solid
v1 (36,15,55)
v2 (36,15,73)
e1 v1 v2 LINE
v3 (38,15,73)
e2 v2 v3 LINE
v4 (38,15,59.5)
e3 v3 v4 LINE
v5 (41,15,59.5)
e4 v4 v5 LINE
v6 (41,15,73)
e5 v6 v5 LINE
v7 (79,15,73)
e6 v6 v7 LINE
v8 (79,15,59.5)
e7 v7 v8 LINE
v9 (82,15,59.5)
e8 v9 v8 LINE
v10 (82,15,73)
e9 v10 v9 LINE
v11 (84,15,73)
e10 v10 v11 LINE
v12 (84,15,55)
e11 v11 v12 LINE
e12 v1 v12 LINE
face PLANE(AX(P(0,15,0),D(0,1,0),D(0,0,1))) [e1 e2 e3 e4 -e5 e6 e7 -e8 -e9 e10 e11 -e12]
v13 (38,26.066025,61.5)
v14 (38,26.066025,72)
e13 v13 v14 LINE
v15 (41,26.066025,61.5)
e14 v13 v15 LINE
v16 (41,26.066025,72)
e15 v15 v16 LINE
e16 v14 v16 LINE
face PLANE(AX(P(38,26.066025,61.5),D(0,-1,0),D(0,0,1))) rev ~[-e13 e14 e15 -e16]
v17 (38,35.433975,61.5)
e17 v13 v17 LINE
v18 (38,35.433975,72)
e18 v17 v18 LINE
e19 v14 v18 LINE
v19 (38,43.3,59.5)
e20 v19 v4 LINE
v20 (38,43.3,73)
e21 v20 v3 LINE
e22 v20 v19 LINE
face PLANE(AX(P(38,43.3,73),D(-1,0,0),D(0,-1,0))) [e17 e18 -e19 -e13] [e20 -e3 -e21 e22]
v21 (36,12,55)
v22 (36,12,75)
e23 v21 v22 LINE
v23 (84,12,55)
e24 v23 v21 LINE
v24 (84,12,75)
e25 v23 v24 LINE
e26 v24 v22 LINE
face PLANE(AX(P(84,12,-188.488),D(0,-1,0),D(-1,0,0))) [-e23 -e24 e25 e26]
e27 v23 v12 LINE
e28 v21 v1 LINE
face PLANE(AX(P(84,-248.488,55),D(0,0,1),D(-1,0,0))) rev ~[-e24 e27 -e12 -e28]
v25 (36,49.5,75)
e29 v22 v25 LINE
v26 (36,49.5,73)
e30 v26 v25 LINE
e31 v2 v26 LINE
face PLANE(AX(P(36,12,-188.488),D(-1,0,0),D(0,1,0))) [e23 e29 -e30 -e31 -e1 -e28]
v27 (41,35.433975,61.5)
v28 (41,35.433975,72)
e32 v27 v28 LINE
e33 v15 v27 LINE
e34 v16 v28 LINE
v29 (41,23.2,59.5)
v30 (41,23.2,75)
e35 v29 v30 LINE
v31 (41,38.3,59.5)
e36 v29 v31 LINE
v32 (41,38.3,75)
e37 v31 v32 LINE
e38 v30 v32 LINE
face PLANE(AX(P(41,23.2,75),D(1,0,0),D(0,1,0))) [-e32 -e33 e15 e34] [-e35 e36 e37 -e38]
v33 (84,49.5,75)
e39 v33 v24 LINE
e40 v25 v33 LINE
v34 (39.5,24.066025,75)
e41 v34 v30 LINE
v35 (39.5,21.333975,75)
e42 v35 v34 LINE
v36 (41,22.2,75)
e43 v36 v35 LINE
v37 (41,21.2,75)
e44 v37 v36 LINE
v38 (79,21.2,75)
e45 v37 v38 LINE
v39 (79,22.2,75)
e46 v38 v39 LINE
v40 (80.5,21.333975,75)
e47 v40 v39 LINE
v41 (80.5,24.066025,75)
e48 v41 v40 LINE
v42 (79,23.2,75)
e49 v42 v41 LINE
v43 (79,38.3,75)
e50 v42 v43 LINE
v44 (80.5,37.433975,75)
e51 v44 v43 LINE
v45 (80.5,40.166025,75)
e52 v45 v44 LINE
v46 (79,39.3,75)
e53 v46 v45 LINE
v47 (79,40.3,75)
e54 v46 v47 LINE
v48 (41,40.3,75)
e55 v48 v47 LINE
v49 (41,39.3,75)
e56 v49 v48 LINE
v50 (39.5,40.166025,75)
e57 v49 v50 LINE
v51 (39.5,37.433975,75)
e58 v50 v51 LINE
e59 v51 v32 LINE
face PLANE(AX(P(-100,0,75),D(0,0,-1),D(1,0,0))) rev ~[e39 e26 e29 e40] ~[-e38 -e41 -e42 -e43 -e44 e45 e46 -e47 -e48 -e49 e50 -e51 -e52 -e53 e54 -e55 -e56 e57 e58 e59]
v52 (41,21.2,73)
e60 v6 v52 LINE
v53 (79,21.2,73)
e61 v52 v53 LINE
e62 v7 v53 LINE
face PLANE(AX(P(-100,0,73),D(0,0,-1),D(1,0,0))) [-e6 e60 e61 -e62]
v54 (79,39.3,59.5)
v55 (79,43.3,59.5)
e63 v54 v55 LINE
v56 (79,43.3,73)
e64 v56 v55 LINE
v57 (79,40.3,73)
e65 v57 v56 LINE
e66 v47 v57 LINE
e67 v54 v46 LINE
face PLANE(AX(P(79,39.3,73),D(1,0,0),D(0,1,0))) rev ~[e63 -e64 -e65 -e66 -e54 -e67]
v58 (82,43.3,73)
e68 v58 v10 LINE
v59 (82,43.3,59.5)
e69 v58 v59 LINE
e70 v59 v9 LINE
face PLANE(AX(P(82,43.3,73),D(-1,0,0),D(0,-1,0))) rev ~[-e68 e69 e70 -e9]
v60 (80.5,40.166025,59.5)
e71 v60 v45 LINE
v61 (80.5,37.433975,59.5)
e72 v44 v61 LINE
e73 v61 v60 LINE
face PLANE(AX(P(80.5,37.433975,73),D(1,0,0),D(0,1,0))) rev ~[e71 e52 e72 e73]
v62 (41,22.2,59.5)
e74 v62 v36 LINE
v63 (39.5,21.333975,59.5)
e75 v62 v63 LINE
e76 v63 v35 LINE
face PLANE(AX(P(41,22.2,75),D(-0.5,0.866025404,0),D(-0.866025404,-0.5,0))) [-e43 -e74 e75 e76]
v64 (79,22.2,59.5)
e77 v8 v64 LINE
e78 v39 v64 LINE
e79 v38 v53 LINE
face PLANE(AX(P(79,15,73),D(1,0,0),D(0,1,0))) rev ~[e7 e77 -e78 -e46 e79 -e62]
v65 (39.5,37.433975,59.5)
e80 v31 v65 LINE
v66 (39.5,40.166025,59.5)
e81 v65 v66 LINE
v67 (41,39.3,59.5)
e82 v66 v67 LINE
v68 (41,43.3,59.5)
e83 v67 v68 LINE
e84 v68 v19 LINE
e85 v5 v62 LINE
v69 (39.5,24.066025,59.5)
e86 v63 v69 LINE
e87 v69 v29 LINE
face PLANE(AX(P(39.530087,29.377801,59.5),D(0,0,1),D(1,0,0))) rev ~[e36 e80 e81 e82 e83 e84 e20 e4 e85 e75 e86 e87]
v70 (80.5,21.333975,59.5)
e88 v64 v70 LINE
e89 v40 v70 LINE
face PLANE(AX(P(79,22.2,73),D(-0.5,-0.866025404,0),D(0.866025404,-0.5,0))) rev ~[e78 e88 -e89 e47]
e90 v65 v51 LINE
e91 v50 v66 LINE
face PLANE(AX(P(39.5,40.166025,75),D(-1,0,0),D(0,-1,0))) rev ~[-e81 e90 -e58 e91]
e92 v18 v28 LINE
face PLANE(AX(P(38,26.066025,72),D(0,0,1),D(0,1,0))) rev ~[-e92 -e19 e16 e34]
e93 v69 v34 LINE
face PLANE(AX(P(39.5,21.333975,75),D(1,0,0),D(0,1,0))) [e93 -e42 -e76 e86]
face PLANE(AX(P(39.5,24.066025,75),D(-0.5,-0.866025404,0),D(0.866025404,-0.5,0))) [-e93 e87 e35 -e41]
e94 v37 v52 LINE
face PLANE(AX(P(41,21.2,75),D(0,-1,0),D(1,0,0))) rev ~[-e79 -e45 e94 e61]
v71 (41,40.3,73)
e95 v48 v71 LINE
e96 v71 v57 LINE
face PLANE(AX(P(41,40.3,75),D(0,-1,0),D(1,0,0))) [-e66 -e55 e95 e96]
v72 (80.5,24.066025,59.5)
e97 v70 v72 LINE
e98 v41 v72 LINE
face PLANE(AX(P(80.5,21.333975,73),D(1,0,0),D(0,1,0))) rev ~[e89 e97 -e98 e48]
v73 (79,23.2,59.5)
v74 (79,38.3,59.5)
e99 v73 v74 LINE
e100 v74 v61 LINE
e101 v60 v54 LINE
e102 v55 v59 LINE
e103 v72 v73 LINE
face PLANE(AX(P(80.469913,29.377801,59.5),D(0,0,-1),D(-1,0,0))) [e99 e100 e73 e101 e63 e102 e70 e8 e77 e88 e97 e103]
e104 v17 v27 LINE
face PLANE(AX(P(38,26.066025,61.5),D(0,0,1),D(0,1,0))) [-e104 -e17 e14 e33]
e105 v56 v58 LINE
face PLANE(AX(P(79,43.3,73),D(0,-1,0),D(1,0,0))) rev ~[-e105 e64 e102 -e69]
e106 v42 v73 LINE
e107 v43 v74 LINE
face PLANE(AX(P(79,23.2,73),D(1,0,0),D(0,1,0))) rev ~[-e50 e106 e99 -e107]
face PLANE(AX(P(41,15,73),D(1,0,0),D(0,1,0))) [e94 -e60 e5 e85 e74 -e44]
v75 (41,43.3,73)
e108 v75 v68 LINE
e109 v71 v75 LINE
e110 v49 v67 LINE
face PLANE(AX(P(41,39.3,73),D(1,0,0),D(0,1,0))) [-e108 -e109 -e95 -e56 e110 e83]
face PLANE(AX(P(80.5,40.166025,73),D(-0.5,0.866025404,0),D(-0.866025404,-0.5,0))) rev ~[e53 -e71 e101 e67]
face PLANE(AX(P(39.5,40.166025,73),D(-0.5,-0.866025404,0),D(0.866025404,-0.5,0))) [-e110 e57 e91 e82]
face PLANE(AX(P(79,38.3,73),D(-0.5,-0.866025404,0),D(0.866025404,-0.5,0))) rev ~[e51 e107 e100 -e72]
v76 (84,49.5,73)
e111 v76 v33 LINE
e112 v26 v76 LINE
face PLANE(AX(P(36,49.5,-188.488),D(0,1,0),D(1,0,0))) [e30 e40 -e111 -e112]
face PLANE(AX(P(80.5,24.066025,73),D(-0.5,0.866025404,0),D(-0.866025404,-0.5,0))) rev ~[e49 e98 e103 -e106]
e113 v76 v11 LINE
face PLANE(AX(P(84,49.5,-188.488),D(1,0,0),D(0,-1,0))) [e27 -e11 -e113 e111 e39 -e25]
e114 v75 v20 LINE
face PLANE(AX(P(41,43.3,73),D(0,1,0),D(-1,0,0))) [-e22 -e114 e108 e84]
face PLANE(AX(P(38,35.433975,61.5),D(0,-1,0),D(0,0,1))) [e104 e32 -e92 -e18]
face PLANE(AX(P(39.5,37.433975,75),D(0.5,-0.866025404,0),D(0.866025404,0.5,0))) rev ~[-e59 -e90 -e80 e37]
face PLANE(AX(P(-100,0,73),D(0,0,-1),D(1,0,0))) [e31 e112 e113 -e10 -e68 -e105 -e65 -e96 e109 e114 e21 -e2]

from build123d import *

# Parameters (mm, degrees)
SKETCH2_W                = 200
SKETCH2_H                = 150
BOSS_EXTRUDE1_DEPTH      = 80
FILLET1_R                = 10
SHELL1_T                 = -2
SHELL1_THICKNESS_2_DEPTH = 13
SKETCH5_W                = 36.5
SKETCH5_H                = 27.5
CUT_EXTRUDE1_DEPTH       = 2
BOSS_EXTRUDE2_DEPTH      = 16
SKETCH7_W                = 36.5
SKETCH7_H                = 27.5
CUT_EXTRUDE2_DEPTH       = 2
BOSS_EXTRUDE3_DEPTH      = 16
SKETCH10_W               = 36.5
SKETCH10_H               = 27.5
CUT_EXTRUDE4_DEPTH       = 2
BOSS_EXTRUDE4_DEPTH      = 16
SKETCH13_W               = 38
SKETCH13_H               = 19.1
CUT_EXTRUDE5_DEPTH       = 2
BOSS_EXTRUDE5_DEPTH      = 13.5
SKETCH15_W               = 10.5
SKETCH15_H               = 9.367949192
CUT_EXTRUDE6_DEPTH       = 3
CUT_EXTRUDE8_REACH       = 150.408
SKETCH20_R               = 8
SPLIT1_SURFACE_1_BACK    = 263.488
SPLIT1_SURFACE_1_DEPTH   = 526.976
SPLIT1_SURFACE_2_BACK    = 263.488
SPLIT1_SURFACE_2_DEPTH   = 526.976
SPLIT2_SURFACE_3_BACK    = 263.488
SPLIT2_SURFACE_3_DEPTH   = 526.976
SPLIT2_SURFACE_4_BACK    = 263.488
SPLIT2_SURFACE_4_DEPTH   = 526.976


with BuildPart() as part:
    # Sketch2 → Boss-Extrude1 (new body)
    with BuildSketch(Plane(origin=(0, 0, 0), x_dir=(1, 0, 0), z_dir=(0, 1, 0))):
        Rectangle(SKETCH2_W, SKETCH2_H)
    extrude(amount=BOSS_EXTRUDE1_DEPTH)

    # Fillet1
    fillet1_edges = [part.edges().sort_by_distance(p)[0] for p in [
        (100, 40, 75),
        (-100, 40, 75),
        (-100, 40, -75),
        (100, 40, -75),
    ]]
    fillet(fillet1_edges, radius=FILLET1_R)

    # Shell1
    shell1_openings = [part.faces().sort_by_distance(p)[0] for p in [
        (0, 80, 0),
    ]]
    offset(amount=SHELL1_T, openings=shell1_openings, kind=Kind.INTERSECTION)

    # Shell1 thickness 2 face (on inner face of the shell) → Shell1 thickness 2 (add)
    with BuildSketch(Plane(origin=(0, 2, 0), x_dir=(0, 0, -1), z_dir=(0, -1, 0))):
        with BuildLine():
            ThreePointArc((73, -90), (70.656854249, -95.656854249), (65, -98))
            Line((65, -98), (-65, -98))
            ThreePointArc((-65, -98), (-70.656854249, -95.656854249), (-73, -90))
            Line((-73, -90), (-73, 90))
            ThreePointArc((-73, 90), (-70.656854249, 95.656854249), (-65, 98))
            Line((-65, 98), (65, 98))
            ThreePointArc((65, 98), (70.656854249, 95.656854249), (73, 90))
            Line((73, 90), (73, -90))
        make_face()
    extrude(amount=-SHELL1_THICKNESS_2_DEPTH)

    # Sketch5 → Cut-Extrude1 (cut)
    with BuildSketch(Plane.XY.offset(75)):
        with Locations((0, 30.75)):
            Rectangle(SKETCH5_W, SKETCH5_H)
        Polygon((-18.25, 43.5), (-19.75, 44.366025404), (-19.75, 41.633974596), (-18.25, 42.5), align=None)
        Polygon((-19.75, 19.866025404), (-18.25, 19), (-18.25, 18), (-19.75, 17.133974596), align=None)
        Polygon((19.75, 17.133974596), (19.75, 19.866025404), (18.25, 19), (18.25, 18), align=None)
        Polygon((19.75, 41.633974596), (18.25, 42.5), (18.25, 43.5), (19.75, 44.366025404), align=None)
    extrude(amount=-CUT_EXTRUDE1_DEPTH, mode=Mode.SUBTRACT)

    # Sketch6 → Boss-Extrude2 (add)
    with BuildSketch(Plane(origin=(0, 0, 73), x_dir=(-1, 0, 0), z_dir=(0, 0, -1))):
        Polygon((18.25, 15), (21.25, 15), (21.25, 47.5), (18.25, 47.5), (18.25, 43.5), (19.75, 44.366025404), (19.75, 41.633974596), (18.25, 42.5), (18.25, 19), (19.75, 19.866025404), (19.75, 17.133974596), (18.25, 18), align=None)
        Polygon((-21.25, 47.5), (-21.25, 15), (-18.25, 15), (-18.25, 18), (-19.75, 17.133974596), (-19.75, 19.866025404), (-18.25, 19), (-18.25, 42.5), (-19.75, 41.633974596), (-19.75, 44.366025404), (-18.25, 43.5), (-18.25, 47.5), align=None)
    extrude(amount=BOSS_EXTRUDE2_DEPTH)

    # Sketch7 → Cut-Extrude2 (cut)
    with BuildSketch(Plane(origin=(100, 0, 0), x_dir=(0, 0, -1), z_dir=(1, 0, 0))):
        with Locations((0, 30.75)):
            Rectangle(SKETCH7_W, SKETCH7_H)
        Polygon((-18.25, 43.5), (-19.75, 44.366025404), (-19.75, 41.633974596), (-18.25, 42.5), align=None)
        Polygon((-19.75, 19.866025404), (-18.25, 19), (-18.25, 18), (-19.75, 17.133974596), align=None)
        Polygon((19.75, 17.133974596), (19.75, 19.866025404), (18.25, 19), (18.25, 18), align=None)
        Polygon((19.75, 41.633974596), (18.25, 42.5), (18.25, 43.5), (19.75, 44.366025404), align=None)
    extrude(amount=-CUT_EXTRUDE2_DEPTH, mode=Mode.SUBTRACT)

    # Sketch8 → Boss-Extrude3 (add)
    with BuildSketch(Plane.ZY.offset(-98)):
        Polygon((-21.25, 47.5), (-18.25, 47.5), (-18.25, 43.5), (-19.75, 44.366025404), (-19.75, 41.633974596), (-18.25, 42.5), (-18.25, 19), (-19.75, 19.866025404), (-19.75, 17.133974596), (-18.25, 18), (-18.25, 15), (-21.25, 15), align=None)
        Polygon((19.75, 44.366025404), (18.25, 43.5), (18.25, 47.5), (21.25, 47.5), (21.25, 15), (18.25, 15), (18.25, 18), (19.75, 17.133974596), (19.75, 19.866025404), (18.25, 19), (18.25, 42.5), (19.75, 41.633974596), align=None)
    extrude(amount=BOSS_EXTRUDE3_DEPTH)

    # Sketch10 → Cut-Extrude4 (cut)
    with BuildSketch(Plane.ZY.offset(100)):
        with Locations((0, 30.75)):
            Rectangle(SKETCH10_W, SKETCH10_H)
        Polygon((-18.25, 43.5), (-19.75, 44.366025404), (-19.75, 41.633974596), (-18.25, 42.5), align=None)
        Polygon((-19.75, 19.866025404), (-18.25, 19), (-18.25, 18), (-19.75, 17.133974596), align=None)
        Polygon((19.75, 17.133974596), (19.75, 19.866025404), (18.25, 19), (18.25, 18), align=None)
        Polygon((19.75, 41.633974596), (18.25, 42.5), (18.25, 43.5), (19.75, 44.366025404), align=None)
    extrude(amount=-CUT_EXTRUDE4_DEPTH, mode=Mode.SUBTRACT)

    # Sketch11 → Boss-Extrude4 (add)
    with BuildSketch(Plane(origin=(-98, 0, 0), x_dir=(0, 0, -1), z_dir=(1, 0, 0))):
        Polygon((-18.25, 47.5), (-21.25, 47.5), (-21.25, 15), (-18.25, 15), (-18.25, 18), (-19.75, 17.133974596), (-19.75, 19.866025404), (-18.25, 19), (-18.25, 42.5), (-19.75, 41.633974596), (-19.75, 44.366025404), (-18.25, 43.5), align=None)
        Polygon((19.75, 44.366025404), (18.25, 43.5), (18.25, 47.5), (21.25, 47.5), (21.25, 15), (18.25, 15), (18.25, 18), (19.75, 17.133974596), (19.75, 19.866025404), (18.25, 19), (18.25, 42.5), (19.75, 41.633974596), align=None)
    extrude(amount=BOSS_EXTRUDE4_DEPTH)

    # Sketch13 → Cut-Extrude5 (cut)
    with BuildSketch(Plane.XY.offset(75)):
        Polygon((41, 39.3), (39.5, 40.166025404), (39.5, 37.433974596), (41, 38.3), align=None)
        with Locations((60, 30.75)):
            Rectangle(SKETCH13_W, SKETCH13_H)
        Polygon((41, 22.2), (39.5, 21.333974596), (39.5, 24.066025404), (41, 23.2), align=None)
        Polygon((79, 22.2), (79, 23.2), (80.5, 24.066025404), (80.5, 21.333974596), align=None)
        Polygon((79, 39.3), (80.5, 40.166025404), (80.5, 37.433974596), (79, 38.3), align=None)
    extrude(amount=-CUT_EXTRUDE5_DEPTH, mode=Mode.SUBTRACT)

    # Sketch14 → Boss-Extrude5 (add)
    with BuildSketch(Plane(origin=(0, 0, 73), x_dir=(-1, 0, 0), z_dir=(0, 0, -1))):
        Polygon((-79, 43.3), (-82, 43.3), (-82, 15), (-79, 15), (-79, 22.2), (-80.5, 21.333974596), (-80.5, 24.066025404), (-79, 23.2), (-79, 38.3), (-80.5, 37.433974596), (-80.5, 40.166025404), (-79, 39.3), align=None)
        Polygon((-39.5, 40.166025404), (-41, 39.3), (-41, 43.3), (-38, 43.3), (-38, 15), (-41, 15), (-41, 22.2), (-39.5, 21.333974596), (-39.5, 24.066025404), (-41, 23.2), (-41, 38.3), (-39.5, 37.433974596), align=None)
    extrude(amount=BOSS_EXTRUDE5_DEPTH)

    # Sketch15 → Cut-Extrude6 (cut)
    with BuildSketch(Plane.ZY.offset(-38)):
        with Locations((66.75, 30.75)):
            Rectangle(SKETCH15_W, SKETCH15_H)
    extrude(amount=-CUT_EXTRUDE6_DEPTH, mode=Mode.SUBTRACT)

    # Sketch18 → Cut-Revolve1 (revolve, cut)
    with BuildSketch(Plane(origin=(0, 0, 0), x_dir=(0, 0, -1), z_dir=(1, 0, 0)), mode=Mode.PRIVATE) as cut_revolve1_sk:
        Polygon((-42.5, 0), (-70, 0), (-47.5, 10), (-42.5, 10), align=None)
    revolve(cut_revolve1_sk.sketch.rotate(Axis((0, 0, 0), (0, 1, 0)), 180), axis=Axis((0, 0, 0), (0, 1, 0)), mode=Mode.SUBTRACT)

    # Cut-Extrude8: up to this face of the body (flat: up to its plane)
    cut_extrude8_end = Plane(part.part.faces().sort_by_distance((-0.172388952, 15, -0.411685035))[0])
    # Sketch20 → Cut-Extrude8 (cut, up to the picked face)
    with BuildSketch(Plane.XZ, mode=Mode.PRIVATE) as cut_extrude8_sk1:
        with Locations(Location((0, -42.5, 0), (0, 0, 270))):
            Circle(SKETCH20_R)
    cut_extrude8_tool1 = split(extrude(cut_extrude8_sk1.sketch, amount=-CUT_EXTRUDE8_REACH, mode=Mode.PRIVATE), bisect_by=cut_extrude8_end, keep=Keep.BOTH, mode=Mode.PRIVATE)
    add(cut_extrude8_tool1.solids().sort_by(Axis((0, 0, -42.5), (0, 1, 0)))[0], mode=Mode.SUBTRACT)


with BuildPart() as body_2:
    # Split1: the piece behind the surface
    add(part.part)
    # Split1 surface: a surface, the sketch's curves swept straight by 526.976 mm
    with BuildLine(Plane.XY.offset(75).offset(-SPLIT1_SURFACE_1_BACK), mode=Mode.PRIVATE) as split1_surface_1_path:
        Line((36, 49.5), (84, 49.5))
        Line((84, 49.5), (84, 12))
        Line((84, 12), (36, 12))
        Line((36, 12), (36, 49.5))
    split1_surface_1 = Shell.extrude(split1_surface_1_path.wire(), (0 * SPLIT1_SURFACE_1_DEPTH, 0 * SPLIT1_SURFACE_1_DEPTH, 1 * SPLIT1_SURFACE_1_DEPTH))
    split(bisect_by=split1_surface_1, keep=Keep.BOTTOM)


with BuildPart() as part_1:
    add(part.part)

    # Split1: split by a surface, the side it looks to stays
    # Split1 surface: a surface, the sketch's curves swept straight by 526.976 mm
    with BuildLine(Plane.XY.offset(75).offset(-SPLIT1_SURFACE_2_BACK), mode=Mode.PRIVATE) as split1_surface_2_path:
        Line((36, 49.5), (84, 49.5))
        Line((84, 49.5), (84, 12))
        Line((84, 12), (36, 12))
        Line((36, 12), (36, 49.5))
    split1_surface_2 = Shell.extrude(split1_surface_2_path.wire(), (0 * SPLIT1_SURFACE_2_DEPTH, 0 * SPLIT1_SURFACE_2_DEPTH, 1 * SPLIT1_SURFACE_2_DEPTH))
    split(bisect_by=split1_surface_2, keep=Keep.TOP)


with BuildPart() as body_3:
    # Split2: the piece behind the surface
    add(body_2.part)
    # Split2 surface: a surface, the sketch's curves swept straight by 526.976 mm
    with BuildLine(Plane(origin=(0, 15, 0), x_dir=(1, 0, 0), z_dir=(0, 1, 0)).offset(-SPLIT2_SURFACE_3_BACK), mode=Mode.PRIVATE) as split2_surface_3_path:
        Line((36, -75), (84, -75))
        Line((84, -75), (84, -55))
        Line((84, -55), (36, -55))
        Line((36, -55), (36, -75))
    split2_surface_3 = Shell.extrude(split2_surface_3_path.wire(), (0 * SPLIT2_SURFACE_3_DEPTH, 1 * SPLIT2_SURFACE_3_DEPTH, 0 * SPLIT2_SURFACE_3_DEPTH))
    split(bisect_by=split2_surface_3, keep=Keep.BOTTOM)


with BuildPart() as body_2_1:
    add(body_2.part)

    # Split2: split by a surface, the side it looks to stays
    # Split2 surface: a surface, the sketch's curves swept straight by 526.976 mm
    with BuildLine(Plane(origin=(0, 15, 0), x_dir=(1, 0, 0), z_dir=(0, 1, 0)).offset(-SPLIT2_SURFACE_4_BACK), mode=Mode.PRIVATE) as split2_surface_4_path:
        Line((36, -75), (84, -75))
        Line((84, -75), (84, -55))
        Line((84, -55), (36, -55))
        Line((36, -55), (36, -75))
    split2_surface_4 = Shell.extrude(split2_surface_4_path.wire(), (0 * SPLIT2_SURFACE_4_DEPTH, 1 * SPLIT2_SURFACE_4_DEPTH, 0 * SPLIT2_SURFACE_4_DEPTH))
    split(bisect_by=split2_surface_4, keep=Keep.TOP)


solid = body_2_1.part
